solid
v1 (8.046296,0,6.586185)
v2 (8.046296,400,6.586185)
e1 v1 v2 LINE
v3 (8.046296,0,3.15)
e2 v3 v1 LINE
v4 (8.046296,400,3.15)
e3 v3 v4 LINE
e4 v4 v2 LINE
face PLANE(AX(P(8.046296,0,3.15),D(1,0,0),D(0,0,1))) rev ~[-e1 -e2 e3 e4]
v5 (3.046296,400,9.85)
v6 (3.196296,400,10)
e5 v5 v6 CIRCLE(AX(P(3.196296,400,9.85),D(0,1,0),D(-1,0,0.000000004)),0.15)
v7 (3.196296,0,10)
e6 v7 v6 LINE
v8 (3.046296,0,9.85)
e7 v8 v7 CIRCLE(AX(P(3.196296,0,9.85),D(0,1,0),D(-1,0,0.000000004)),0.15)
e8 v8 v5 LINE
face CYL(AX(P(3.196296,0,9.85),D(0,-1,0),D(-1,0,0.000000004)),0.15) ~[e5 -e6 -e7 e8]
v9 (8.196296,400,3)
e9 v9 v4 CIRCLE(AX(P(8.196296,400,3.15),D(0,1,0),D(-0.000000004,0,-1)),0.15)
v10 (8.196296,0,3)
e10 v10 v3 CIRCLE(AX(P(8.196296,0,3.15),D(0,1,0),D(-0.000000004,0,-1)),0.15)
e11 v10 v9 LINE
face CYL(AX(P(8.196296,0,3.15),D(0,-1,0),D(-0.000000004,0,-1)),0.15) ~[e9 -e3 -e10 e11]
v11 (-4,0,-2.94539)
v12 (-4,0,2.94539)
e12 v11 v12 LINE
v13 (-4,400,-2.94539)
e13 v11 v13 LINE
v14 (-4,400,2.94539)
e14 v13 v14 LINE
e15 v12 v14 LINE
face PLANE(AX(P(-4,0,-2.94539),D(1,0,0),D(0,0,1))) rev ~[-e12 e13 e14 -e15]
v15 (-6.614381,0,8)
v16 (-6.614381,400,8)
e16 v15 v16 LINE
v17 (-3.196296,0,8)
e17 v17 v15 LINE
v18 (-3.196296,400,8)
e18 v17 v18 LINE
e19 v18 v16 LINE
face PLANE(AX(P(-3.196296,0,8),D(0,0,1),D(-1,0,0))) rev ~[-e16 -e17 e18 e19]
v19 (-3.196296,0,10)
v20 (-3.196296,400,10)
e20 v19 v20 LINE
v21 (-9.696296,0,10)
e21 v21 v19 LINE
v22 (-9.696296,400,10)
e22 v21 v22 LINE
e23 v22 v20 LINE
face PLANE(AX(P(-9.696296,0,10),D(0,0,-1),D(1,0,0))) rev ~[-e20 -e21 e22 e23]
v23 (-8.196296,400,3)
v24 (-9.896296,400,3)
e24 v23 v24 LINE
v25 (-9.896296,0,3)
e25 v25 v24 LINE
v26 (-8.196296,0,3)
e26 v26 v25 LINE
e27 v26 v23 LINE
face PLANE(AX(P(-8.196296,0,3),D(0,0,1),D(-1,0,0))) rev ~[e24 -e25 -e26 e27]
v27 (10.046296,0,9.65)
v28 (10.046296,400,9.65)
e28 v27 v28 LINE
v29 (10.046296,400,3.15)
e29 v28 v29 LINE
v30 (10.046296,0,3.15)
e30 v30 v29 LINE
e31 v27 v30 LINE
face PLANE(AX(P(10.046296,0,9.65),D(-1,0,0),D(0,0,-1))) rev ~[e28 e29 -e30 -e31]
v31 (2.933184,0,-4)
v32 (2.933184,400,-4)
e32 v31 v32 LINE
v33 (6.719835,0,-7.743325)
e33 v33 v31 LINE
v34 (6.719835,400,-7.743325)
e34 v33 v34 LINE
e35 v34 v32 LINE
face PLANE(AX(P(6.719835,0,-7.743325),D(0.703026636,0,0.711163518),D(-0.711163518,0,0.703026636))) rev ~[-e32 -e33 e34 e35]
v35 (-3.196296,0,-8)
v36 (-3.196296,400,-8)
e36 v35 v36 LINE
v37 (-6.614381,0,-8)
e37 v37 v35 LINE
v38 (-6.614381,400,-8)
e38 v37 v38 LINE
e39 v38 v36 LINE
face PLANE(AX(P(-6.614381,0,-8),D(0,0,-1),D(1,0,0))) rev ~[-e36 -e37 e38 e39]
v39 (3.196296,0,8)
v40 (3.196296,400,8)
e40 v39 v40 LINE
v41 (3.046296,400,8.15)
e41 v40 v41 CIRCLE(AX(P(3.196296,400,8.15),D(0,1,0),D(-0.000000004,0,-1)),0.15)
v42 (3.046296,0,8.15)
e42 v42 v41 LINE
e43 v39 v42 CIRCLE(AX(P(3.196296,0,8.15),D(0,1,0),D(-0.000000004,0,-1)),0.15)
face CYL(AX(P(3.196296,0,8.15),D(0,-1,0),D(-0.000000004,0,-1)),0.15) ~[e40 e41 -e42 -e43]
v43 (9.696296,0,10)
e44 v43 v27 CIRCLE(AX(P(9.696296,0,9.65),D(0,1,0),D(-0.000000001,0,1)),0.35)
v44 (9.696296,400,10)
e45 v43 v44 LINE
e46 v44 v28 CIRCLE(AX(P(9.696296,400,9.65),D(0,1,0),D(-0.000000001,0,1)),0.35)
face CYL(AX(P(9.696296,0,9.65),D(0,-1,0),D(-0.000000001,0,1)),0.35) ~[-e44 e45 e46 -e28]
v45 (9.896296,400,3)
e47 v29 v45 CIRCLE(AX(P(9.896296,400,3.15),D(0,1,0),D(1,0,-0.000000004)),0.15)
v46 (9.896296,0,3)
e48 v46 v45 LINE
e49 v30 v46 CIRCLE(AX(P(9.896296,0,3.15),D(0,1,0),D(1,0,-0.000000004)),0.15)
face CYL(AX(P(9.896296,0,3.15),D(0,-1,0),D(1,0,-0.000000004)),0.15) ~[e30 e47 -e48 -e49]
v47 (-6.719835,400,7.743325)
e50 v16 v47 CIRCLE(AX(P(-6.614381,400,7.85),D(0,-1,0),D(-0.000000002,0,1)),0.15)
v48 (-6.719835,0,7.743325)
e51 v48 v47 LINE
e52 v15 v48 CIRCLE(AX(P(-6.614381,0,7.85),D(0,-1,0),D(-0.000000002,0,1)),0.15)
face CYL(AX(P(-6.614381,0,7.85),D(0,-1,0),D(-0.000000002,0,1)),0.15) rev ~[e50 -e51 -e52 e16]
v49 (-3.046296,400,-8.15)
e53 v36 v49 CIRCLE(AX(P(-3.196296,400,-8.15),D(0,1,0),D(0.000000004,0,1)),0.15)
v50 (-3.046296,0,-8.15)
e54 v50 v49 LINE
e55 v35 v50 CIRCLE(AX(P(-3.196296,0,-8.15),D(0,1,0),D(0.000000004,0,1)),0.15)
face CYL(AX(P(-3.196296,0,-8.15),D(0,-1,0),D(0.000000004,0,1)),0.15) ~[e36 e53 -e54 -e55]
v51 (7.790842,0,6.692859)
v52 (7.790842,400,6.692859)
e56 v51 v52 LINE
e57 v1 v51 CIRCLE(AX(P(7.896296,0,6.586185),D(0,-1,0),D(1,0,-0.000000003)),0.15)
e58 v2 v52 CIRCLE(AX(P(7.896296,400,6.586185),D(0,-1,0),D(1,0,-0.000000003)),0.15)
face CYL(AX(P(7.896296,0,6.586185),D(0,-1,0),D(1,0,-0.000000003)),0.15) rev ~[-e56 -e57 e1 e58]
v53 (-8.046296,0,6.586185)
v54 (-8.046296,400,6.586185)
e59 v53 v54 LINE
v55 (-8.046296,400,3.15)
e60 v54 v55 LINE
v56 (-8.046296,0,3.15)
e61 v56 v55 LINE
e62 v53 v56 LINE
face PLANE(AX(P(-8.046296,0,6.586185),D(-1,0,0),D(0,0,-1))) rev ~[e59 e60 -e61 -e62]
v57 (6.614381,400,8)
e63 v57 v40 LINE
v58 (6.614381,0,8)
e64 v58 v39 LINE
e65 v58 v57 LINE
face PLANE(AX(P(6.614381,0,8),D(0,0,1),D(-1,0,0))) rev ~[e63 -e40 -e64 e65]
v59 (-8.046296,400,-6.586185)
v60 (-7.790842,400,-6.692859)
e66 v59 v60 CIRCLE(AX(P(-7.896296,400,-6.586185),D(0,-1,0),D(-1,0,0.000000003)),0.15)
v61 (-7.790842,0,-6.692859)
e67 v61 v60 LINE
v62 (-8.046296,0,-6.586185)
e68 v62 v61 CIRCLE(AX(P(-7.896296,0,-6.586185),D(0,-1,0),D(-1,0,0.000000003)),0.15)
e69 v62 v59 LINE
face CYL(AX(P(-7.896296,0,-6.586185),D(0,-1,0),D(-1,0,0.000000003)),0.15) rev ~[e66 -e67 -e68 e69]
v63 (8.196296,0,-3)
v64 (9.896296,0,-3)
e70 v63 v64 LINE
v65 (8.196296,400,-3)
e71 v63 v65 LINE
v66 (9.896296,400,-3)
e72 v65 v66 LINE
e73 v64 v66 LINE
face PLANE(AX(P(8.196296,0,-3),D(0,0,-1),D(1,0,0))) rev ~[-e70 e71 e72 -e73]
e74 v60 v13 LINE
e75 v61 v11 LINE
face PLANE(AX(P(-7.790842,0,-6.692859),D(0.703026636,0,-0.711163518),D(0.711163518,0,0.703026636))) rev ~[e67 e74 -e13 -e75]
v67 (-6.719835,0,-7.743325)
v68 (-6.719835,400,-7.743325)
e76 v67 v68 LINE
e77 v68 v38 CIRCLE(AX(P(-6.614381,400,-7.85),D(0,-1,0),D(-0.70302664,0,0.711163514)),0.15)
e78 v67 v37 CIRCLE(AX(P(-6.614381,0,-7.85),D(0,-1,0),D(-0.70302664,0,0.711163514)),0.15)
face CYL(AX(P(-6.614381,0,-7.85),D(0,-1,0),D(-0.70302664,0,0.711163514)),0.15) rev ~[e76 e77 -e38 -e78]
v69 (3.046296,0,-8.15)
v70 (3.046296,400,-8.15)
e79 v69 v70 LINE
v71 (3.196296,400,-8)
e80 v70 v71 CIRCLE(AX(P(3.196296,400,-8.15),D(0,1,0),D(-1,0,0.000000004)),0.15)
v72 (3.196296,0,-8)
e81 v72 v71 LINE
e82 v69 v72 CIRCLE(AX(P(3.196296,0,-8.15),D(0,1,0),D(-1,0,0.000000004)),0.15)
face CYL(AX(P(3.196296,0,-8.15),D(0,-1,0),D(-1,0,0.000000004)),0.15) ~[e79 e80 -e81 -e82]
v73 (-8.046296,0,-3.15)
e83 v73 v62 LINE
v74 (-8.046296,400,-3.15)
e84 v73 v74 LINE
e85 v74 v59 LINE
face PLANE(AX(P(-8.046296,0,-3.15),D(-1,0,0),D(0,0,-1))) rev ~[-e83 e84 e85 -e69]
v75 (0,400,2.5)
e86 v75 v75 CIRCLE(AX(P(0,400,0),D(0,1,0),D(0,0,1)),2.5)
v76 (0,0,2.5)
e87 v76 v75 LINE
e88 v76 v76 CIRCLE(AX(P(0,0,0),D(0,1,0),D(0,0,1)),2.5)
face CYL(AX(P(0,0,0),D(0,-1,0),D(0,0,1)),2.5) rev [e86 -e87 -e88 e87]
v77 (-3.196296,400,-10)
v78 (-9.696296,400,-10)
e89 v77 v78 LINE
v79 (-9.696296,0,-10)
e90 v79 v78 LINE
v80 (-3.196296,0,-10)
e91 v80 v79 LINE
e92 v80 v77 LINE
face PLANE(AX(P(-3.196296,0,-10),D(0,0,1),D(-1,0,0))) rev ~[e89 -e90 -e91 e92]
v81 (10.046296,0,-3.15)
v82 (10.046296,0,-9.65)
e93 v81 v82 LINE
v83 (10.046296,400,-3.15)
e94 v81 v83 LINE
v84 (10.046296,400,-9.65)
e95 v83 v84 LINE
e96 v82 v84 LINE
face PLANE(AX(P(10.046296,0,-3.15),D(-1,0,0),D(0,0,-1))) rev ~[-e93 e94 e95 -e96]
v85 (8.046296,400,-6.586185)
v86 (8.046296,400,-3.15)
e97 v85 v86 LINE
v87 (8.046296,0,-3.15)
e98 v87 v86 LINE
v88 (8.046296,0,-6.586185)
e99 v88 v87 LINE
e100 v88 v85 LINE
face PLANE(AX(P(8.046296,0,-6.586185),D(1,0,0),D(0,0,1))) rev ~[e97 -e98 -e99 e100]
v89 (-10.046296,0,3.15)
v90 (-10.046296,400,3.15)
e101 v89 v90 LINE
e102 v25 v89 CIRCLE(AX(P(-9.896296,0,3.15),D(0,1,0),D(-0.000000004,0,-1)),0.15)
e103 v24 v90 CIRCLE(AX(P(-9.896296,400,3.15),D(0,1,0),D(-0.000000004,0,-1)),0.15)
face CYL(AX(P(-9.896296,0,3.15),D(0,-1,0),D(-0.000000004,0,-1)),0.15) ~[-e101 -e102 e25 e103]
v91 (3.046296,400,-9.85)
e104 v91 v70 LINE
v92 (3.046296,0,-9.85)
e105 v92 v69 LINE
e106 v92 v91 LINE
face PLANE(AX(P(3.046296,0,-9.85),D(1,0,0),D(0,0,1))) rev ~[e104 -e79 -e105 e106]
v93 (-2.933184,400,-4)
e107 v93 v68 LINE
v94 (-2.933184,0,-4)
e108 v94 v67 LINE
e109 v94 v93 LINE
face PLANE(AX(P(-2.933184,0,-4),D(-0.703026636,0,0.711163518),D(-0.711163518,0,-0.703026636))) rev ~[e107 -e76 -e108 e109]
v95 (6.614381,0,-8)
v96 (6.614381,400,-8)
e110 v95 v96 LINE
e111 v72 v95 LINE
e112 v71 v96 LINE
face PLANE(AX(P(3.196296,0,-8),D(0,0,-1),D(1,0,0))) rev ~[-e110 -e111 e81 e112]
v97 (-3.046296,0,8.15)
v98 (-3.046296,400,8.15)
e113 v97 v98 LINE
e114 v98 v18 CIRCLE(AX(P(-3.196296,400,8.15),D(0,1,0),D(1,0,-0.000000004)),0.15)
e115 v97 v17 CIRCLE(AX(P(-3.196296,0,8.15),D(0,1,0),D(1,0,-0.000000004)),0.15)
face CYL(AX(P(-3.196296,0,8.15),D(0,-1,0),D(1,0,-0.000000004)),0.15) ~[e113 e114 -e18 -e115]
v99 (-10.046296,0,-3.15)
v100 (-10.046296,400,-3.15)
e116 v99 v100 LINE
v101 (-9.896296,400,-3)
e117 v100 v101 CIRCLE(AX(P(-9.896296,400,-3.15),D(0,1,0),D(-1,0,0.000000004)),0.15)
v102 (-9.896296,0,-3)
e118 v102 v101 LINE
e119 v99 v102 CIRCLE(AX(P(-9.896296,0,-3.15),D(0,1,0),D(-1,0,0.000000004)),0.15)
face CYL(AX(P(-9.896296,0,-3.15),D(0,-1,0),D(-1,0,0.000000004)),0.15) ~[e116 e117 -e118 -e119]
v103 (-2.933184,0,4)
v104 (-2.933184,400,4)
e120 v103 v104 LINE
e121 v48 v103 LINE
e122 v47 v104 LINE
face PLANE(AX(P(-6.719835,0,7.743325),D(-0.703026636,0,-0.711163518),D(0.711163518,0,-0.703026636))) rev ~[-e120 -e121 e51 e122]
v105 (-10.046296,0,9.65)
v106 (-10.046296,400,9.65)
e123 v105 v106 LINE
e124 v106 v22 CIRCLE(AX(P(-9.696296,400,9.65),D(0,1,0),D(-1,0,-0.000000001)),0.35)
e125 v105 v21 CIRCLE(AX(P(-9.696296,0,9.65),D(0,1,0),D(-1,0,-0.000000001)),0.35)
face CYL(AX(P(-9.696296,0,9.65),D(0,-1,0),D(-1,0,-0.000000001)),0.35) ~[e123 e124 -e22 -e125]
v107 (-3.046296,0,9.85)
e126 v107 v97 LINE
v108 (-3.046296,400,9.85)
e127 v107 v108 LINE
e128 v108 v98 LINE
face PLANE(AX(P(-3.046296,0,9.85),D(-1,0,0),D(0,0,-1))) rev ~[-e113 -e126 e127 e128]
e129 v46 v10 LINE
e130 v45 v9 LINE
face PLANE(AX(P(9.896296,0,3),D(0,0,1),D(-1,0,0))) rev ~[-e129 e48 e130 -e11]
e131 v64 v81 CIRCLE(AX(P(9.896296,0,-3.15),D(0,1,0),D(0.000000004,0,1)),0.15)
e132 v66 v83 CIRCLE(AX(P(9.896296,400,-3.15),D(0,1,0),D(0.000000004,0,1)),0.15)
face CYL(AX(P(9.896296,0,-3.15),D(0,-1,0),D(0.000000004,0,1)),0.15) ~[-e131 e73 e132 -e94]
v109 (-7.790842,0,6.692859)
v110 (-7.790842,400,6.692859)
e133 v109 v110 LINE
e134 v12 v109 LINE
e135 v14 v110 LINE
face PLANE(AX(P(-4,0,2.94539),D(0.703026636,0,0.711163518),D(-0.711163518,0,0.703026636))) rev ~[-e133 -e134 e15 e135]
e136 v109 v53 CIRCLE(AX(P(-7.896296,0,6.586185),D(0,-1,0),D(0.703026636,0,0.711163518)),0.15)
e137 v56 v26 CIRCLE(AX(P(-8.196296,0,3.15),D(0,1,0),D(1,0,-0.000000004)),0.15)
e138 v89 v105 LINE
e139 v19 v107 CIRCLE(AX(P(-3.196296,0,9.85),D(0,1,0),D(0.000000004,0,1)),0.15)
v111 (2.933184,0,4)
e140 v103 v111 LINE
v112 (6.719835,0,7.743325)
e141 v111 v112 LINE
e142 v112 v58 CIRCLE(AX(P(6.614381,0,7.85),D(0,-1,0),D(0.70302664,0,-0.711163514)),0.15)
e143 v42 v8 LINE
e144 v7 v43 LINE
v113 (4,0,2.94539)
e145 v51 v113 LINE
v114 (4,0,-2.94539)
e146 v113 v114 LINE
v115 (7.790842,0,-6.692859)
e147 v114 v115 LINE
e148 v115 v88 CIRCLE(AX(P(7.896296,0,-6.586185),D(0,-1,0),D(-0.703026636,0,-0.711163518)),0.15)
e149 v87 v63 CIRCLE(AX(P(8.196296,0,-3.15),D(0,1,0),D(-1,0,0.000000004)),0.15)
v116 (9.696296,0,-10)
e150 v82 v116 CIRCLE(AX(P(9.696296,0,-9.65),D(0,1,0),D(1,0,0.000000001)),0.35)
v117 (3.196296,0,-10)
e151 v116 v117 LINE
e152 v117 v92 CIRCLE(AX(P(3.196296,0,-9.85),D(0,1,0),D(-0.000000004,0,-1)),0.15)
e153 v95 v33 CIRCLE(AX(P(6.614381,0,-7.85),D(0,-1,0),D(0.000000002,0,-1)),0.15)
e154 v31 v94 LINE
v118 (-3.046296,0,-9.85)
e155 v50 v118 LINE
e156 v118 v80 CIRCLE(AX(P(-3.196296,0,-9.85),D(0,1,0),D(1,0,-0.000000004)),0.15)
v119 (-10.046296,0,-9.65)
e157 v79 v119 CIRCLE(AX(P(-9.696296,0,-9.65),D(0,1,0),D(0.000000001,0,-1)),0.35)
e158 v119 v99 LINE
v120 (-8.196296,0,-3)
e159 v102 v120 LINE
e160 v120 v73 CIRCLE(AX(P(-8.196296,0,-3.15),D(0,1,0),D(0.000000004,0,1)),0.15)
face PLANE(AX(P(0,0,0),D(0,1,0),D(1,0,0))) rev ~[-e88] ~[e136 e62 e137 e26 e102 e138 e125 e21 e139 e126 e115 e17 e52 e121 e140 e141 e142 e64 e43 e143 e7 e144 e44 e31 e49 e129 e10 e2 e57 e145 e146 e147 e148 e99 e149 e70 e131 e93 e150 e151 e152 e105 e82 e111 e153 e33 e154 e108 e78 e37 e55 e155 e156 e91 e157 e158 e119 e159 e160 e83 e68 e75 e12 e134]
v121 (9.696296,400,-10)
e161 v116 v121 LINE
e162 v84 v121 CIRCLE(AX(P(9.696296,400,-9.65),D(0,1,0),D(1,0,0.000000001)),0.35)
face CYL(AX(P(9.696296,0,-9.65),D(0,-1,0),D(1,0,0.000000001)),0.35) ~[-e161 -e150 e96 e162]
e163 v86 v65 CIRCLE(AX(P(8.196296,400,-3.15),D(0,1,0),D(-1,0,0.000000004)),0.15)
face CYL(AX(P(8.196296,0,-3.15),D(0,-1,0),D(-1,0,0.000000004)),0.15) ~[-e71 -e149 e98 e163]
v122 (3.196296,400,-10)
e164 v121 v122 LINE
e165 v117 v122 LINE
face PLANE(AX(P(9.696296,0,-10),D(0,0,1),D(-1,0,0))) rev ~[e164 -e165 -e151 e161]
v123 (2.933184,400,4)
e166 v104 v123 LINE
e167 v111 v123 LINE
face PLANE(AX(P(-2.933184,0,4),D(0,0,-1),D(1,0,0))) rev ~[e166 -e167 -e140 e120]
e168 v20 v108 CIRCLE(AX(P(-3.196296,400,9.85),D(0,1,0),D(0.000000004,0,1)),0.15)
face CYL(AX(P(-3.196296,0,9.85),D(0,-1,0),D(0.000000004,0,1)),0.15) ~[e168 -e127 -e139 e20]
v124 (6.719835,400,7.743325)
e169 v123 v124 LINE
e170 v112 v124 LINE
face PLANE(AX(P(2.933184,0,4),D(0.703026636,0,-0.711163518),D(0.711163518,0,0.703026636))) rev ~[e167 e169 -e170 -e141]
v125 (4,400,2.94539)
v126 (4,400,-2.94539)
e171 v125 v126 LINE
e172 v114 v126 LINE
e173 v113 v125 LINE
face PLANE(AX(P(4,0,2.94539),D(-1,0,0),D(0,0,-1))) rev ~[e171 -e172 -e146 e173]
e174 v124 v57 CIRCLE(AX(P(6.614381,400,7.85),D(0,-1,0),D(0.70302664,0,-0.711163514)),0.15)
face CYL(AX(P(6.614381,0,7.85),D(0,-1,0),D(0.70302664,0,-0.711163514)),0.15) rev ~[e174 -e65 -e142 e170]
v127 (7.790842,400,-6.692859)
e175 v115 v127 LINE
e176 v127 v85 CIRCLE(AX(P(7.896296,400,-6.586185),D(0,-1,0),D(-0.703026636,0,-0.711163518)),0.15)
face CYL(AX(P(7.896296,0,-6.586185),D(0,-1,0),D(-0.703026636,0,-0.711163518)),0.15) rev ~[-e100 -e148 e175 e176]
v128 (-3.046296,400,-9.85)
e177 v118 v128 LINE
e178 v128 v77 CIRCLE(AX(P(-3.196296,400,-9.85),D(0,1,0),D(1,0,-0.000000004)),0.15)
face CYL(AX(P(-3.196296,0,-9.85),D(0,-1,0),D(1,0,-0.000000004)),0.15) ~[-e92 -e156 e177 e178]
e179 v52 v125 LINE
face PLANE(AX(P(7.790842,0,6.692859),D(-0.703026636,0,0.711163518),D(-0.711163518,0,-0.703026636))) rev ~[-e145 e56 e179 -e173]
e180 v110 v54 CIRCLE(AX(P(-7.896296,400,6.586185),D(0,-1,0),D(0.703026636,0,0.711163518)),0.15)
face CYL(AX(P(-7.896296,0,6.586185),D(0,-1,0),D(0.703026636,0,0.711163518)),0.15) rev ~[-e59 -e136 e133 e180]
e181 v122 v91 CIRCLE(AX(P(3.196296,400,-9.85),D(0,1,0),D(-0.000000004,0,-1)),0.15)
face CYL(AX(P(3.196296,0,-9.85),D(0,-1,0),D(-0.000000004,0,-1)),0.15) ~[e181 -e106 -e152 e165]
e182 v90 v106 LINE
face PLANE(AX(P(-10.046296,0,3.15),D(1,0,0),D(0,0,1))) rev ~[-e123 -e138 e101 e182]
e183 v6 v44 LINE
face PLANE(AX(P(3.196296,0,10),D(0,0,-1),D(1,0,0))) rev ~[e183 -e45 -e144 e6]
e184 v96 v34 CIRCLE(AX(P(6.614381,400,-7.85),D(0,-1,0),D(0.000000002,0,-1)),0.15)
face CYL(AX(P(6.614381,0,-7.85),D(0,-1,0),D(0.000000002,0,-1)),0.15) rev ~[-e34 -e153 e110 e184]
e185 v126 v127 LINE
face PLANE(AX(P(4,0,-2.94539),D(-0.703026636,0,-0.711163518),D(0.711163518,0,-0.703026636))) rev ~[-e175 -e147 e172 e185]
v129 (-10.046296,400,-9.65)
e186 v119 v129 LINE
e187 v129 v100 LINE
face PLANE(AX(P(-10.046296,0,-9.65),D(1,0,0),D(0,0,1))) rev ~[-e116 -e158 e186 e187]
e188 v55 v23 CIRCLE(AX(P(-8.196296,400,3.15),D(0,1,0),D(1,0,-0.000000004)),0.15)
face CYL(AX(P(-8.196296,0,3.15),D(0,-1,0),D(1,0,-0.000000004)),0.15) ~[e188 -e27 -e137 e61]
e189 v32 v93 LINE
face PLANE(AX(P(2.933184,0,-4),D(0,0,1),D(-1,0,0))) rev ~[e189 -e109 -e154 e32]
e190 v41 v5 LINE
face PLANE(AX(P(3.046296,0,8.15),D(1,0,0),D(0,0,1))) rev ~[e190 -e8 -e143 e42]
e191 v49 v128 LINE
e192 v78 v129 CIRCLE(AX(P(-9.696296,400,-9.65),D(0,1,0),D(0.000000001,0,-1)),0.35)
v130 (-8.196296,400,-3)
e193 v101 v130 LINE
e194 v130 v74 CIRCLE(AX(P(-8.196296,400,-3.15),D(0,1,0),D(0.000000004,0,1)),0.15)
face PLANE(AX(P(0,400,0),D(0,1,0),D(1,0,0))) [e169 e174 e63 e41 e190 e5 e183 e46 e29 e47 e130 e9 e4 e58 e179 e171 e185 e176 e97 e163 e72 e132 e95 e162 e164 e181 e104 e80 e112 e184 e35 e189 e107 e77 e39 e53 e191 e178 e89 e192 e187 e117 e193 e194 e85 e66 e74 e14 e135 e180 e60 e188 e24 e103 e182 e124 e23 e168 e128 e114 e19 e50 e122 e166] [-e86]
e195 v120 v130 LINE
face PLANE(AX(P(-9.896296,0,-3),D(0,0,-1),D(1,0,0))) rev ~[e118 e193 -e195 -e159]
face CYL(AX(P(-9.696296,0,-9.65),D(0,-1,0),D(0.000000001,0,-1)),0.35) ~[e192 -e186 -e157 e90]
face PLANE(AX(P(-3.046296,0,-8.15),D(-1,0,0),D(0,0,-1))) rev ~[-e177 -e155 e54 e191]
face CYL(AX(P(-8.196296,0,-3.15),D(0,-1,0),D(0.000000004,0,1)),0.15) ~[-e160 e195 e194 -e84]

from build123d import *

# Parameters (mm, degrees)
SKETCH1_R           = 2.5
BOSS_EXTRUDE2_DEPTH = 400


with BuildPart() as part:
    # Sketch1 → Boss-Extrude2 (new body)
    with BuildSketch(Plane(origin=(0, 0, 0), x_dir=(1, 0, 0), z_dir=(0, 1, 0))):
        with BuildLine():
            Line((-9.896296296, 3), (-8.196296296, 3))
            ThreePointArc((-8.196296296, 3), (-8.090230279, 3.043933983), (-8.046296296, 3.15))
            Line((-8.046296296, 3.15), (-8.046296296, 6.586184513))
            ThreePointArc((-8.046296296, 6.586184513), (-7.954097251, 6.724600732), (-7.790842301, 6.692859041))
            Line((-7.790842301, 6.692859041), (-4, 2.945390222))
            Line((-4, 2.945390222), (-4, -2.945390222))
            Line((-4, -2.945390222), (-7.790842301, -6.692859041))
            ThreePointArc((-7.790842301, -6.692859041), (-7.954097251, -6.724600732), (-8.046296296, -6.586184513))
            Line((-8.046296296, -6.586184513), (-8.046296296, -3.15))
            ThreePointArc((-8.046296296, -3.15), (-8.090230279, -3.043933983), (-8.196296296, -3))
            Line((-8.196296296, -3), (-9.896296296, -3))
            ThreePointArc((-9.896296296, -3), (-10.002362313, -3.043933983), (-10.046296296, -3.15))
            Line((-10.046296296, -3.15), (-10.046296296, -9.65))
            ThreePointArc((-10.046296296, -9.65), (-9.94378367, -9.897487373), (-9.696296296, -10))
            Line((-9.696296296, -10), (-3.196296296, -10))
            ThreePointArc((-3.196296296, -10), (-3.090230279, -9.956066017), (-3.046296296, -9.85))
            Line((-3.046296296, -9.85), (-3.046296296, -8.15))
            ThreePointArc((-3.046296296, -8.15), (-3.090230279, -8.043933983), (-3.196296296, -8))
            Line((-3.196296296, -8), (-6.614381093, -8))
            ThreePointArc((-6.614381093, -8), (-6.753127587, -7.9070036), (-6.719835089, -7.743325472))
            Line((-6.719835089, -7.743325472), (-2.93318409, -4))
            Line((-2.93318409, -4), (2.93318409, -4))
            Line((2.93318409, -4), (6.719835089, -7.743325472))
            ThreePointArc((6.719835089, -7.743325472), (6.753127587, -7.9070036), (6.614381093, -8))
            Line((6.614381093, -8), (3.196296296, -8))
            ThreePointArc((3.196296296, -8), (3.090230279, -8.043933983), (3.046296296, -8.15))
            Line((3.046296296, -8.15), (3.046296296, -9.85))
            ThreePointArc((3.046296296, -9.85), (3.090230279, -9.956066017), (3.196296296, -10))
            Line((3.196296296, -10), (9.696296296, -10))
            ThreePointArc((9.696296296, -10), (9.94378367, -9.897487373), (10.046296296, -9.65))
            Line((10.046296296, -9.65), (10.046296296, -3.15))
            ThreePointArc((10.046296296, -3.15), (10.002362313, -3.043933983), (9.896296296, -3))
            Line((9.896296296, -3), (8.196296296, -3))
            ThreePointArc((8.196296296, -3), (8.090230279, -3.043933983), (8.046296296, -3.15))
            Line((8.046296296, -3.15), (8.046296296, -6.586184513))
            ThreePointArc((8.046296296, -6.586184513), (7.954097251, -6.724600732), (7.790842301, -6.692859041))
            Line((7.790842301, -6.692859041), (4, -2.945390222))
            Line((4, -2.945390222), (4, 2.945390222))
            Line((4, 2.945390222), (7.790842301, 6.692859041))
            ThreePointArc((7.790842301, 6.692859041), (7.954097251, 6.724600732), (8.046296296, 6.586184513))
            Line((8.046296296, 6.586184513), (8.046296296, 3.15))
            ThreePointArc((8.046296296, 3.15), (8.090230279, 3.043933983), (8.196296296, 3))
            Line((8.196296296, 3), (9.896296296, 3))
            ThreePointArc((9.896296296, 3), (10.002362313, 3.043933983), (10.046296296, 3.15))
            Line((10.046296296, 3.15), (10.046296296, 9.65))
            ThreePointArc((10.046296296, 9.65), (9.94378367, 9.897487373), (9.696296296, 10))
            Line((9.696296296, 10), (3.196296296, 10))
            ThreePointArc((3.196296296, 10), (3.090230279, 9.956066017), (3.046296296, 9.85))
            Line((3.046296296, 9.85), (3.046296296, 8.15))
            ThreePointArc((3.046296296, 8.15), (3.090230279, 8.043933983), (3.196296296, 8))
            Line((3.196296296, 8), (6.614381093, 8))
            ThreePointArc((6.614381093, 8), (6.753127587, 7.9070036), (6.719835089, 7.743325472))
            Line((6.719835089, 7.743325472), (2.93318409, 4))
            Line((2.93318409, 4), (-2.93318409, 4))
            Line((-2.93318409, 4), (-6.719835089, 7.743325472))
            ThreePointArc((-6.719835089, 7.743325472), (-6.753127587, 7.9070036), (-6.614381093, 8))
            Line((-6.614381093, 8), (-3.196296296, 8))
            ThreePointArc((-3.196296296, 8), (-3.090230279, 8.043933983), (-3.046296296, 8.15))
            Line((-3.046296296, 8.15), (-3.046296296, 9.85))
            ThreePointArc((-3.046296296, 9.85), (-3.090230279, 9.956066017), (-3.196296296, 10))
            Line((-3.196296296, 10), (-9.696296296, 10))
            ThreePointArc((-9.696296296, 10), (-9.94378367, 9.897487373), (-10.046296296, 9.65))
            Line((-10.046296296, 9.65), (-10.046296296, 3.15))
            ThreePointArc((-10.046296296, 3.15), (-10.002362313, 3.043933983), (-9.896296296, 3))
        make_face()
        with Locations(Location((0, 0, 0), (0, 0, 270))):
            Circle(SKETCH1_R, mode=Mode.SUBTRACT)
    extrude(amount=BOSS_EXTRUDE2_DEPTH)


solid = part.part
